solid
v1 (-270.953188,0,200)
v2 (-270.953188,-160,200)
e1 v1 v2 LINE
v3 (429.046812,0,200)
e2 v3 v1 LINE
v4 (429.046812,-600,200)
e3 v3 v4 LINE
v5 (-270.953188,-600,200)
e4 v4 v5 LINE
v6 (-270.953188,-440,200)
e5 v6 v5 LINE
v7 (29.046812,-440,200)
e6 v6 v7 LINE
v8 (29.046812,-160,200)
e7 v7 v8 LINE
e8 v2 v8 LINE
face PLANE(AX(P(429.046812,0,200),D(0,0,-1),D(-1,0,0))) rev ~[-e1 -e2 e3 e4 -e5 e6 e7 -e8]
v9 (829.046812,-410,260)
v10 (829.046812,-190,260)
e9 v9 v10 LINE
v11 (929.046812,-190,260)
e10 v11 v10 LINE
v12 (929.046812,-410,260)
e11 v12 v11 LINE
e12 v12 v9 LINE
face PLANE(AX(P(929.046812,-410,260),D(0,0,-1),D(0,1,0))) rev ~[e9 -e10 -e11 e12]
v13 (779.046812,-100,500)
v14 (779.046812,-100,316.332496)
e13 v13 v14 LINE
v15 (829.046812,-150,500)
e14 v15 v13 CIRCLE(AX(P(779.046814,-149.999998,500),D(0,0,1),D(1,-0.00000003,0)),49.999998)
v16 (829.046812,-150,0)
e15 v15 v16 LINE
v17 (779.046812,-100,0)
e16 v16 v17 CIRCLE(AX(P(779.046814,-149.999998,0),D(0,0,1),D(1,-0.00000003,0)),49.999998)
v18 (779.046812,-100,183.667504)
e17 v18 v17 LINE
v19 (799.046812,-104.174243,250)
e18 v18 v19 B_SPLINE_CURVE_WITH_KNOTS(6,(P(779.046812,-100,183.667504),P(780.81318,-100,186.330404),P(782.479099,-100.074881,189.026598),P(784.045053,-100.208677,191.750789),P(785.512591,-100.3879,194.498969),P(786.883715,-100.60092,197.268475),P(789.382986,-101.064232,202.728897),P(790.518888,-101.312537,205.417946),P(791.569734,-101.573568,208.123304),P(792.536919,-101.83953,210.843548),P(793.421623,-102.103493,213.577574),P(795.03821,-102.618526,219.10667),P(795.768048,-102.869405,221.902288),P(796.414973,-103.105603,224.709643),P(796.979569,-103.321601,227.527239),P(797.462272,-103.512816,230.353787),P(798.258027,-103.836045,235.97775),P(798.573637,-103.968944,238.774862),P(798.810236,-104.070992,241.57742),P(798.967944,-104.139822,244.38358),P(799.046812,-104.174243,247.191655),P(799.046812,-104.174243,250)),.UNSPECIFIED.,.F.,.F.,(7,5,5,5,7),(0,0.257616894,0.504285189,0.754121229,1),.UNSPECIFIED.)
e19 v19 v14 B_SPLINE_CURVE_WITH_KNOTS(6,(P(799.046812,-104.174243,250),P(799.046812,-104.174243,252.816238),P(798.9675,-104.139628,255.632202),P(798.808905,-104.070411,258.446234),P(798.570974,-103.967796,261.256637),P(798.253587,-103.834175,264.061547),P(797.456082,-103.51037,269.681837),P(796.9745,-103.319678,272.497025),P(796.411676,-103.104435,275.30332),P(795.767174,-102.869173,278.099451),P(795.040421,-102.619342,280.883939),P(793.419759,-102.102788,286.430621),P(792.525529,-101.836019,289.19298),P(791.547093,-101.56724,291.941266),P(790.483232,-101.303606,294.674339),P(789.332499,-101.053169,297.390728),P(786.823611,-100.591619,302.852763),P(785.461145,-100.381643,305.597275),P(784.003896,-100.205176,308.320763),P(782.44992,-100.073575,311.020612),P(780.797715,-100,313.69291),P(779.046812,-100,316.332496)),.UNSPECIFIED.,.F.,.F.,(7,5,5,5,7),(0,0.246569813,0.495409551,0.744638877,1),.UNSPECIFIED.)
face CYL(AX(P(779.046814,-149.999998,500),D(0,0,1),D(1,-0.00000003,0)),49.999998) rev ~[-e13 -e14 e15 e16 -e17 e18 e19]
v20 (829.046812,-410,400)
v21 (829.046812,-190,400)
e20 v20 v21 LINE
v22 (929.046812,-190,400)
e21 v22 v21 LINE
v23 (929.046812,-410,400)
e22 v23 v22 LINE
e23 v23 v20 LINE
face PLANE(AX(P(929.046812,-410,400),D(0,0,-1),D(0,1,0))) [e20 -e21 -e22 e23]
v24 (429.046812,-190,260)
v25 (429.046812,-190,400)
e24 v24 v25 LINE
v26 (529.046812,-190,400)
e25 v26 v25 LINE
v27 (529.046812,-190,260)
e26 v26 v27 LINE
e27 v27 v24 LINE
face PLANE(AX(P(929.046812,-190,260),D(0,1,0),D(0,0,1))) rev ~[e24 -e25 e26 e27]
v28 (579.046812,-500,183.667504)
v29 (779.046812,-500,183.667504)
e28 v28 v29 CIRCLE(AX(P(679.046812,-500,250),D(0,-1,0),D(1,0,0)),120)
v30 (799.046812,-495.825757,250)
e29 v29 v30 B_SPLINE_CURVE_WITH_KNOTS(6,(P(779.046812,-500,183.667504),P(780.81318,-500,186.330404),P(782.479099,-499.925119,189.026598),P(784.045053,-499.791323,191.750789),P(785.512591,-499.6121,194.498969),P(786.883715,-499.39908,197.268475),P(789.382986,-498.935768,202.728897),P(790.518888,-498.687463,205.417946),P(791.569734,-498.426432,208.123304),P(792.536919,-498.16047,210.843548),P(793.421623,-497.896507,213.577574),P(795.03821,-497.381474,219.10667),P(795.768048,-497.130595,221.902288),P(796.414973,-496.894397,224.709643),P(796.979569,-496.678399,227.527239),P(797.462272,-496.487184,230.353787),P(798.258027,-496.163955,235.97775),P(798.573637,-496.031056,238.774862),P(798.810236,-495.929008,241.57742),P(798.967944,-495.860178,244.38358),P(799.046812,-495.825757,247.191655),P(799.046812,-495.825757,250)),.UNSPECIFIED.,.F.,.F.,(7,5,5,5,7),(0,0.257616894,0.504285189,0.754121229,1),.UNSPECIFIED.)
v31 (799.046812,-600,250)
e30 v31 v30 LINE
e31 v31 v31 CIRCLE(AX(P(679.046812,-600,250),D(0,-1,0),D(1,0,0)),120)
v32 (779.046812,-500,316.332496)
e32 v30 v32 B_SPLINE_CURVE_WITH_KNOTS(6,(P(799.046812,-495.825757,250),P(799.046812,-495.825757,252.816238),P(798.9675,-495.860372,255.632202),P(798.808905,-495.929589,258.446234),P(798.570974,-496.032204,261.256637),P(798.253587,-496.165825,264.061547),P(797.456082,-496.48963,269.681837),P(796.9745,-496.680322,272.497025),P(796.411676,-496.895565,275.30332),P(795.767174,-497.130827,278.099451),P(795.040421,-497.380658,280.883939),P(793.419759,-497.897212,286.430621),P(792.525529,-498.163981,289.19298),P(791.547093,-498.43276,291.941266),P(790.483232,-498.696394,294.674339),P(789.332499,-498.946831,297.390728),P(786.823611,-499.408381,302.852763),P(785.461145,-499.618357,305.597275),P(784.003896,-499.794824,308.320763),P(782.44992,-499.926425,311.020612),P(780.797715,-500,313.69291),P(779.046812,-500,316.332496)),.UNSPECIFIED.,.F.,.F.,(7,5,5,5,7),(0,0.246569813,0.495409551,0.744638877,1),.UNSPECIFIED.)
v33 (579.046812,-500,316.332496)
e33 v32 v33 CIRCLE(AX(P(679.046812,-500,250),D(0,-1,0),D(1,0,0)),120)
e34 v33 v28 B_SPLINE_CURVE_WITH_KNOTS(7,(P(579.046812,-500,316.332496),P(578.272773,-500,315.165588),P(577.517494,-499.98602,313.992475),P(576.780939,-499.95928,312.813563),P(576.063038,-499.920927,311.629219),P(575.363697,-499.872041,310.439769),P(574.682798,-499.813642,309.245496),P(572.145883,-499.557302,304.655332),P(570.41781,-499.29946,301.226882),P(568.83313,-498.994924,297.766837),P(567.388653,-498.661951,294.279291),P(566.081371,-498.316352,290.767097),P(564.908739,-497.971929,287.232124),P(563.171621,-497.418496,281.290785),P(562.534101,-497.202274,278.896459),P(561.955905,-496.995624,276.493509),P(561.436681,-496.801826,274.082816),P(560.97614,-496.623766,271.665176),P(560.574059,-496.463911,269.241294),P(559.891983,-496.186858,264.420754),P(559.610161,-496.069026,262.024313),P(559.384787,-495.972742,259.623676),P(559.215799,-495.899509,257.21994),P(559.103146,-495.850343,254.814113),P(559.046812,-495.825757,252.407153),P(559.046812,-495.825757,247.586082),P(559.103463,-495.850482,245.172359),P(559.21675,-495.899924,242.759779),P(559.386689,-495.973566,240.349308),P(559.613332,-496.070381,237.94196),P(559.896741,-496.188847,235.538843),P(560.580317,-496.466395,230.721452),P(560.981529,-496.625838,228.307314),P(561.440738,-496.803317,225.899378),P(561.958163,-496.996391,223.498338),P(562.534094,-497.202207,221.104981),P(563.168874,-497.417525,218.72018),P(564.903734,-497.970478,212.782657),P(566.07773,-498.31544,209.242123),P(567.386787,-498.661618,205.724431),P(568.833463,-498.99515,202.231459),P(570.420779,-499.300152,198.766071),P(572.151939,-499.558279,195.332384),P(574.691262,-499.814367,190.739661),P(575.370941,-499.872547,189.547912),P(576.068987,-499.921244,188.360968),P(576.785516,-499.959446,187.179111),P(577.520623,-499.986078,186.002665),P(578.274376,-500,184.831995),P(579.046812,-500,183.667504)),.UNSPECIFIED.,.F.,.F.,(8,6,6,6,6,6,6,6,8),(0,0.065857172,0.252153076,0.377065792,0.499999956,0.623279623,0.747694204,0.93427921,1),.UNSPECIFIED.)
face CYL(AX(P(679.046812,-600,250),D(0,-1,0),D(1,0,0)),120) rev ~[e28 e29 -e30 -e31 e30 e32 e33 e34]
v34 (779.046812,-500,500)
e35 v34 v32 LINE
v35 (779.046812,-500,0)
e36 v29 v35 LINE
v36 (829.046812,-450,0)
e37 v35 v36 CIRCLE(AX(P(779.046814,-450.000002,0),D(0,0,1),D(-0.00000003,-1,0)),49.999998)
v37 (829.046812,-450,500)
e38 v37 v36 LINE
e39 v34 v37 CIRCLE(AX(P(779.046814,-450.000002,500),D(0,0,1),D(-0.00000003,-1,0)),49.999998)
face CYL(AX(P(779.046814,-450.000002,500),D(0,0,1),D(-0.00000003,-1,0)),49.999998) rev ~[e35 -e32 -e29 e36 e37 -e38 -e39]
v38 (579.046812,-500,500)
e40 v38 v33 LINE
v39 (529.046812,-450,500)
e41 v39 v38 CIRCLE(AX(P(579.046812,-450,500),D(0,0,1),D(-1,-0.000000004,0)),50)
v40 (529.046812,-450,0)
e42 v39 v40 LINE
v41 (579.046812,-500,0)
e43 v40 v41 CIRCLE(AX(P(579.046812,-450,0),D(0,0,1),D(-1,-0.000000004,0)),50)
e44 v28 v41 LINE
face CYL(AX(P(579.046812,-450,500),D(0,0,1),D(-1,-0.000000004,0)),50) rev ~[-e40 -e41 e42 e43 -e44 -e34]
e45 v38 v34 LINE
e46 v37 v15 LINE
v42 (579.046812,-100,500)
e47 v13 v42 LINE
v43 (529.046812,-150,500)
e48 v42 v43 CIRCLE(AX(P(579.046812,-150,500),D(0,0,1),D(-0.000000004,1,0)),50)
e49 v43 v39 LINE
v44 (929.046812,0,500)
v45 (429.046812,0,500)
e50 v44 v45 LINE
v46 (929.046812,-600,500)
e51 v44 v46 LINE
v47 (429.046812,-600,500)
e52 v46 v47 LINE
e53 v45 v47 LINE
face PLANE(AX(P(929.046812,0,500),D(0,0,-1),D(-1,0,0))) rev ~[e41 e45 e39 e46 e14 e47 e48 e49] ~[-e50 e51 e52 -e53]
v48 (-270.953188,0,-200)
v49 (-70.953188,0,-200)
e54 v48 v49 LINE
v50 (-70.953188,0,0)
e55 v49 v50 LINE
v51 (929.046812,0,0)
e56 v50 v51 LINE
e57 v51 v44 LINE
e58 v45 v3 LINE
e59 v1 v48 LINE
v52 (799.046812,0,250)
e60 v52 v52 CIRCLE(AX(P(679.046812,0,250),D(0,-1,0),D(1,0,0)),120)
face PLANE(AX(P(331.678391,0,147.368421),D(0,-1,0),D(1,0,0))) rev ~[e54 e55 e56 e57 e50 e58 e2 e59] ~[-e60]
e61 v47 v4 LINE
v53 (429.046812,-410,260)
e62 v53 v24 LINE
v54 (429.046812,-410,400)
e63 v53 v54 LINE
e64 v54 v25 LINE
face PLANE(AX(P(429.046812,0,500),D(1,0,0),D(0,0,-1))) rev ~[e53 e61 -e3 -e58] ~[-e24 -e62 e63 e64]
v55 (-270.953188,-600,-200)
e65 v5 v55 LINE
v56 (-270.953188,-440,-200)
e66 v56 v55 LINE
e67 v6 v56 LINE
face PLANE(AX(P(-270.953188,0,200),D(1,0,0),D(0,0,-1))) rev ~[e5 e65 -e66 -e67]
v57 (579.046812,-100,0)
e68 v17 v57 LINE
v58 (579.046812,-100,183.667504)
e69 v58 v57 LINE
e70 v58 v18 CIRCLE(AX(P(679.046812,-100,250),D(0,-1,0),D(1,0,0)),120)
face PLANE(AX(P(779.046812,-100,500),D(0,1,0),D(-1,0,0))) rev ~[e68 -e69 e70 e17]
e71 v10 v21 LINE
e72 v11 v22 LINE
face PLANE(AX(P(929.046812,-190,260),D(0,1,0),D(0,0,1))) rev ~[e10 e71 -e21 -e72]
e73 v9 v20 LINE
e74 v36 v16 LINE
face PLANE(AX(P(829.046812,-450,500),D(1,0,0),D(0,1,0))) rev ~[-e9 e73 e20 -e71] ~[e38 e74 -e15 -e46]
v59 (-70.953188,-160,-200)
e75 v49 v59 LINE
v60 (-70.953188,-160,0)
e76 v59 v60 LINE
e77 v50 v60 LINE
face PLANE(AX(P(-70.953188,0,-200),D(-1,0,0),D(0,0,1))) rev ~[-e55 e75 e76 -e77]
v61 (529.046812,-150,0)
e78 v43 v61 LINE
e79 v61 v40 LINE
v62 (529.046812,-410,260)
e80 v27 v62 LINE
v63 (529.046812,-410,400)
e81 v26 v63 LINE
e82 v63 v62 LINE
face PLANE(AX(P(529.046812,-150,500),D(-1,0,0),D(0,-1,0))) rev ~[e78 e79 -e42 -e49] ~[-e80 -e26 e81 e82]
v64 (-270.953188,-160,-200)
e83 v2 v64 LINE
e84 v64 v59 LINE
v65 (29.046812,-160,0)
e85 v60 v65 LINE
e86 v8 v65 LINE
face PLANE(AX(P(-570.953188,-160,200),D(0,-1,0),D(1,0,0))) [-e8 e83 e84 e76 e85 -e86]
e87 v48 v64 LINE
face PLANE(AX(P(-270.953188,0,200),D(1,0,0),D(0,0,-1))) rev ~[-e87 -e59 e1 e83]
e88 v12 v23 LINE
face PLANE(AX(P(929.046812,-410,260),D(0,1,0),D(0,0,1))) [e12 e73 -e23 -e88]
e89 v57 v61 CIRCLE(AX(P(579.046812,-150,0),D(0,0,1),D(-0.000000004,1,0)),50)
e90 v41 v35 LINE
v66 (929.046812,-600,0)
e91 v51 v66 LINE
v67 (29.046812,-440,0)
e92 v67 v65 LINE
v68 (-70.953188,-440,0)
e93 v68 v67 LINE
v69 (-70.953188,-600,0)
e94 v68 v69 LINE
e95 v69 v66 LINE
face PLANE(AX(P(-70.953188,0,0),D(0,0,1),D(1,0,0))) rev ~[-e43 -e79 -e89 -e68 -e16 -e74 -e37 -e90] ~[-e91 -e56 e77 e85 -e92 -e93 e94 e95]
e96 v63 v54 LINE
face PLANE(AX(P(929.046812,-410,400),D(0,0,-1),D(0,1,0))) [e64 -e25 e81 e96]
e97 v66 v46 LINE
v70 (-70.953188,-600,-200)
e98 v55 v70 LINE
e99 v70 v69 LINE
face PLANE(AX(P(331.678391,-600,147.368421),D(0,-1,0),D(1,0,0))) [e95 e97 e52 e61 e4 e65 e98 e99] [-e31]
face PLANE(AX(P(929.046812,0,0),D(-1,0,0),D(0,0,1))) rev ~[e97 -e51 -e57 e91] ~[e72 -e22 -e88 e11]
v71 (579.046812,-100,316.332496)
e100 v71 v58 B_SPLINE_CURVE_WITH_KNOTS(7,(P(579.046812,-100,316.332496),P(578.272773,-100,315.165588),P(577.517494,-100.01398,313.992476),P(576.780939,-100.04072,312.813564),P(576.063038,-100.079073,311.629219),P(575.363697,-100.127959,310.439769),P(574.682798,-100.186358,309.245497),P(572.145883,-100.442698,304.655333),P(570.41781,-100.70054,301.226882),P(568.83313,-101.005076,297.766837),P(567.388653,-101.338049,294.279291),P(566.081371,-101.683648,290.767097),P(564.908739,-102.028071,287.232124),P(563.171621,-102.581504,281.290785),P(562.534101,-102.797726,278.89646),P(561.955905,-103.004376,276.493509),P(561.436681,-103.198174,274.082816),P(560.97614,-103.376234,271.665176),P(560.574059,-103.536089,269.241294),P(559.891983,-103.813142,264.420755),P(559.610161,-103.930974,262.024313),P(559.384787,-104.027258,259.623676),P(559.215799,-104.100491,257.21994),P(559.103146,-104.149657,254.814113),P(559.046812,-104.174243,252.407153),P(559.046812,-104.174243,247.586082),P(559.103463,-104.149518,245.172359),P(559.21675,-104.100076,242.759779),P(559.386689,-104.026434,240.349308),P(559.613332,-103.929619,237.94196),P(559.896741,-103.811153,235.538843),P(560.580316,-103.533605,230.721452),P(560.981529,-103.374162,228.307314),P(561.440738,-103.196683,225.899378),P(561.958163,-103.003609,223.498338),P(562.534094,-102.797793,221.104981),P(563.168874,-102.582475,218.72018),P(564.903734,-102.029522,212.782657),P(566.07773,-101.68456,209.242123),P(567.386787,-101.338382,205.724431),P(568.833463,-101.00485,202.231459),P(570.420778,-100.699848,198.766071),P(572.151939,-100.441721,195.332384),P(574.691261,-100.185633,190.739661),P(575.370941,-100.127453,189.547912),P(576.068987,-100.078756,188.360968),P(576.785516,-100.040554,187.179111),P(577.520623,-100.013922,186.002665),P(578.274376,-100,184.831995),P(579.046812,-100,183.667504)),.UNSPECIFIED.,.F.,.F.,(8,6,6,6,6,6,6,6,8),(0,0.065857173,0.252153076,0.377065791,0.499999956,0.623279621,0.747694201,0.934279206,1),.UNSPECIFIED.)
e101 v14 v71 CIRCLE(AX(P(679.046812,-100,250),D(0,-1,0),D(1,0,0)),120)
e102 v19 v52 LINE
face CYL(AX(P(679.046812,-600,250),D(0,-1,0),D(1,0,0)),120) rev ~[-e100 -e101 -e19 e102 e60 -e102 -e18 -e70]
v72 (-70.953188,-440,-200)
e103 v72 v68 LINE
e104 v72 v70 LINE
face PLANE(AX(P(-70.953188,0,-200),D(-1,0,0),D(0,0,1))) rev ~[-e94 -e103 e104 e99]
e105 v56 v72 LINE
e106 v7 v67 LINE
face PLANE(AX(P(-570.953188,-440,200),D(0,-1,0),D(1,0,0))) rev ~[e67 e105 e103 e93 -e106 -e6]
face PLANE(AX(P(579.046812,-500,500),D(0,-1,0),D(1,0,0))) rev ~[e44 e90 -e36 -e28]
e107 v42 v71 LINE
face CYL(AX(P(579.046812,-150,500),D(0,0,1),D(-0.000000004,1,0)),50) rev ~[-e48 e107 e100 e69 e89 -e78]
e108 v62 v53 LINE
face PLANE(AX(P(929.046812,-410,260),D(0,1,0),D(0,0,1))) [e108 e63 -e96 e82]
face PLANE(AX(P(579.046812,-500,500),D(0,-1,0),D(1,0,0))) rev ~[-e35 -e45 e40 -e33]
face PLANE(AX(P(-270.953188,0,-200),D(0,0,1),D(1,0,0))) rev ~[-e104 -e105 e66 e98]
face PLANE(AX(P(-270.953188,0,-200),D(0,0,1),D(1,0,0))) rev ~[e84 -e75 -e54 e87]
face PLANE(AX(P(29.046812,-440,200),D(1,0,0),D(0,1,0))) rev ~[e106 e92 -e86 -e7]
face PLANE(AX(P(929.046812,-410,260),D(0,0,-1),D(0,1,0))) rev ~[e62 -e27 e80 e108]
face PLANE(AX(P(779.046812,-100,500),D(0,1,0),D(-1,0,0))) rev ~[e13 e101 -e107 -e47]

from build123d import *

# Parameters (mm, degrees)
F1_DEPTH = 600
F2_W     = 600
F2_H     = 280
F3_DEPTH = 400.001
F5_DEPTH = 700.001
F6_R     = 120
F7_DEPTH = 600.001
F8_W     = 220
F8_H     = 140
F9_DEPTH = 1200.001


with BuildPart() as f1:
    # F0 (on Front) → F1 (new body)
    with BuildSketch(Plane.XZ):
        Polygon((-70.953188, 0), (0, 0), (929.046812, 0), (929.046812, 500), (429.046812, 500), (429.046812, 200), (-270.953188, 200), (-270.953188, -200), (-70.953188, -200), align=None)
    extrude(amount=F1_DEPTH)

    # F2 (on face) → F3 (cut, through all)
    with BuildSketch(Plane.XY.offset(200)):
        with Locations((-270.953188, -300)):
            Rectangle(F2_W, F2_H)
    extrude(amount=-F3_DEPTH, mode=Mode.SUBTRACT)

    # F4 (on face) → F5 (cut, through all)
    with BuildSketch(Plane.XY.offset(500)):
        with BuildLine():
            ThreePointArc((529.046812, -450), (543.691473, -485.355339), (579.046812, -500))
            Line((579.046812, -500), (779.046812, -500))
            ThreePointArc((779.046812, -500), (814.402152, -485.355339), (829.046812, -450))
            Line((829.046812, -450), (829.046812, -150))
            ThreePointArc((829.046812, -150), (814.402152, -114.644661), (779.046812, -100))
            Line((779.046812, -100), (579.046812, -100))
            ThreePointArc((579.046812, -100), (543.691473, -114.644661), (529.046812, -150))
            Line((529.046812, -150), (529.046812, -450))
        make_face()
    extrude(amount=-F5_DEPTH, mode=Mode.SUBTRACT)

    # F6 (on face) → F7 (cut, through all)
    with BuildSketch(Plane.XZ.offset(600)):
        with Locations((679.046812, 250)):
            Circle(F6_R)
    extrude(amount=-F7_DEPTH, mode=Mode.SUBTRACT)

    # F8 (on face) → F9 (cut, through all)
    with BuildSketch(Plane.YZ.offset(929.046812)):
        with Locations((-300, 330)):
            Rectangle(F8_W, F8_H)
    extrude(amount=-F9_DEPTH, mode=Mode.SUBTRACT)


solid = f1.part
